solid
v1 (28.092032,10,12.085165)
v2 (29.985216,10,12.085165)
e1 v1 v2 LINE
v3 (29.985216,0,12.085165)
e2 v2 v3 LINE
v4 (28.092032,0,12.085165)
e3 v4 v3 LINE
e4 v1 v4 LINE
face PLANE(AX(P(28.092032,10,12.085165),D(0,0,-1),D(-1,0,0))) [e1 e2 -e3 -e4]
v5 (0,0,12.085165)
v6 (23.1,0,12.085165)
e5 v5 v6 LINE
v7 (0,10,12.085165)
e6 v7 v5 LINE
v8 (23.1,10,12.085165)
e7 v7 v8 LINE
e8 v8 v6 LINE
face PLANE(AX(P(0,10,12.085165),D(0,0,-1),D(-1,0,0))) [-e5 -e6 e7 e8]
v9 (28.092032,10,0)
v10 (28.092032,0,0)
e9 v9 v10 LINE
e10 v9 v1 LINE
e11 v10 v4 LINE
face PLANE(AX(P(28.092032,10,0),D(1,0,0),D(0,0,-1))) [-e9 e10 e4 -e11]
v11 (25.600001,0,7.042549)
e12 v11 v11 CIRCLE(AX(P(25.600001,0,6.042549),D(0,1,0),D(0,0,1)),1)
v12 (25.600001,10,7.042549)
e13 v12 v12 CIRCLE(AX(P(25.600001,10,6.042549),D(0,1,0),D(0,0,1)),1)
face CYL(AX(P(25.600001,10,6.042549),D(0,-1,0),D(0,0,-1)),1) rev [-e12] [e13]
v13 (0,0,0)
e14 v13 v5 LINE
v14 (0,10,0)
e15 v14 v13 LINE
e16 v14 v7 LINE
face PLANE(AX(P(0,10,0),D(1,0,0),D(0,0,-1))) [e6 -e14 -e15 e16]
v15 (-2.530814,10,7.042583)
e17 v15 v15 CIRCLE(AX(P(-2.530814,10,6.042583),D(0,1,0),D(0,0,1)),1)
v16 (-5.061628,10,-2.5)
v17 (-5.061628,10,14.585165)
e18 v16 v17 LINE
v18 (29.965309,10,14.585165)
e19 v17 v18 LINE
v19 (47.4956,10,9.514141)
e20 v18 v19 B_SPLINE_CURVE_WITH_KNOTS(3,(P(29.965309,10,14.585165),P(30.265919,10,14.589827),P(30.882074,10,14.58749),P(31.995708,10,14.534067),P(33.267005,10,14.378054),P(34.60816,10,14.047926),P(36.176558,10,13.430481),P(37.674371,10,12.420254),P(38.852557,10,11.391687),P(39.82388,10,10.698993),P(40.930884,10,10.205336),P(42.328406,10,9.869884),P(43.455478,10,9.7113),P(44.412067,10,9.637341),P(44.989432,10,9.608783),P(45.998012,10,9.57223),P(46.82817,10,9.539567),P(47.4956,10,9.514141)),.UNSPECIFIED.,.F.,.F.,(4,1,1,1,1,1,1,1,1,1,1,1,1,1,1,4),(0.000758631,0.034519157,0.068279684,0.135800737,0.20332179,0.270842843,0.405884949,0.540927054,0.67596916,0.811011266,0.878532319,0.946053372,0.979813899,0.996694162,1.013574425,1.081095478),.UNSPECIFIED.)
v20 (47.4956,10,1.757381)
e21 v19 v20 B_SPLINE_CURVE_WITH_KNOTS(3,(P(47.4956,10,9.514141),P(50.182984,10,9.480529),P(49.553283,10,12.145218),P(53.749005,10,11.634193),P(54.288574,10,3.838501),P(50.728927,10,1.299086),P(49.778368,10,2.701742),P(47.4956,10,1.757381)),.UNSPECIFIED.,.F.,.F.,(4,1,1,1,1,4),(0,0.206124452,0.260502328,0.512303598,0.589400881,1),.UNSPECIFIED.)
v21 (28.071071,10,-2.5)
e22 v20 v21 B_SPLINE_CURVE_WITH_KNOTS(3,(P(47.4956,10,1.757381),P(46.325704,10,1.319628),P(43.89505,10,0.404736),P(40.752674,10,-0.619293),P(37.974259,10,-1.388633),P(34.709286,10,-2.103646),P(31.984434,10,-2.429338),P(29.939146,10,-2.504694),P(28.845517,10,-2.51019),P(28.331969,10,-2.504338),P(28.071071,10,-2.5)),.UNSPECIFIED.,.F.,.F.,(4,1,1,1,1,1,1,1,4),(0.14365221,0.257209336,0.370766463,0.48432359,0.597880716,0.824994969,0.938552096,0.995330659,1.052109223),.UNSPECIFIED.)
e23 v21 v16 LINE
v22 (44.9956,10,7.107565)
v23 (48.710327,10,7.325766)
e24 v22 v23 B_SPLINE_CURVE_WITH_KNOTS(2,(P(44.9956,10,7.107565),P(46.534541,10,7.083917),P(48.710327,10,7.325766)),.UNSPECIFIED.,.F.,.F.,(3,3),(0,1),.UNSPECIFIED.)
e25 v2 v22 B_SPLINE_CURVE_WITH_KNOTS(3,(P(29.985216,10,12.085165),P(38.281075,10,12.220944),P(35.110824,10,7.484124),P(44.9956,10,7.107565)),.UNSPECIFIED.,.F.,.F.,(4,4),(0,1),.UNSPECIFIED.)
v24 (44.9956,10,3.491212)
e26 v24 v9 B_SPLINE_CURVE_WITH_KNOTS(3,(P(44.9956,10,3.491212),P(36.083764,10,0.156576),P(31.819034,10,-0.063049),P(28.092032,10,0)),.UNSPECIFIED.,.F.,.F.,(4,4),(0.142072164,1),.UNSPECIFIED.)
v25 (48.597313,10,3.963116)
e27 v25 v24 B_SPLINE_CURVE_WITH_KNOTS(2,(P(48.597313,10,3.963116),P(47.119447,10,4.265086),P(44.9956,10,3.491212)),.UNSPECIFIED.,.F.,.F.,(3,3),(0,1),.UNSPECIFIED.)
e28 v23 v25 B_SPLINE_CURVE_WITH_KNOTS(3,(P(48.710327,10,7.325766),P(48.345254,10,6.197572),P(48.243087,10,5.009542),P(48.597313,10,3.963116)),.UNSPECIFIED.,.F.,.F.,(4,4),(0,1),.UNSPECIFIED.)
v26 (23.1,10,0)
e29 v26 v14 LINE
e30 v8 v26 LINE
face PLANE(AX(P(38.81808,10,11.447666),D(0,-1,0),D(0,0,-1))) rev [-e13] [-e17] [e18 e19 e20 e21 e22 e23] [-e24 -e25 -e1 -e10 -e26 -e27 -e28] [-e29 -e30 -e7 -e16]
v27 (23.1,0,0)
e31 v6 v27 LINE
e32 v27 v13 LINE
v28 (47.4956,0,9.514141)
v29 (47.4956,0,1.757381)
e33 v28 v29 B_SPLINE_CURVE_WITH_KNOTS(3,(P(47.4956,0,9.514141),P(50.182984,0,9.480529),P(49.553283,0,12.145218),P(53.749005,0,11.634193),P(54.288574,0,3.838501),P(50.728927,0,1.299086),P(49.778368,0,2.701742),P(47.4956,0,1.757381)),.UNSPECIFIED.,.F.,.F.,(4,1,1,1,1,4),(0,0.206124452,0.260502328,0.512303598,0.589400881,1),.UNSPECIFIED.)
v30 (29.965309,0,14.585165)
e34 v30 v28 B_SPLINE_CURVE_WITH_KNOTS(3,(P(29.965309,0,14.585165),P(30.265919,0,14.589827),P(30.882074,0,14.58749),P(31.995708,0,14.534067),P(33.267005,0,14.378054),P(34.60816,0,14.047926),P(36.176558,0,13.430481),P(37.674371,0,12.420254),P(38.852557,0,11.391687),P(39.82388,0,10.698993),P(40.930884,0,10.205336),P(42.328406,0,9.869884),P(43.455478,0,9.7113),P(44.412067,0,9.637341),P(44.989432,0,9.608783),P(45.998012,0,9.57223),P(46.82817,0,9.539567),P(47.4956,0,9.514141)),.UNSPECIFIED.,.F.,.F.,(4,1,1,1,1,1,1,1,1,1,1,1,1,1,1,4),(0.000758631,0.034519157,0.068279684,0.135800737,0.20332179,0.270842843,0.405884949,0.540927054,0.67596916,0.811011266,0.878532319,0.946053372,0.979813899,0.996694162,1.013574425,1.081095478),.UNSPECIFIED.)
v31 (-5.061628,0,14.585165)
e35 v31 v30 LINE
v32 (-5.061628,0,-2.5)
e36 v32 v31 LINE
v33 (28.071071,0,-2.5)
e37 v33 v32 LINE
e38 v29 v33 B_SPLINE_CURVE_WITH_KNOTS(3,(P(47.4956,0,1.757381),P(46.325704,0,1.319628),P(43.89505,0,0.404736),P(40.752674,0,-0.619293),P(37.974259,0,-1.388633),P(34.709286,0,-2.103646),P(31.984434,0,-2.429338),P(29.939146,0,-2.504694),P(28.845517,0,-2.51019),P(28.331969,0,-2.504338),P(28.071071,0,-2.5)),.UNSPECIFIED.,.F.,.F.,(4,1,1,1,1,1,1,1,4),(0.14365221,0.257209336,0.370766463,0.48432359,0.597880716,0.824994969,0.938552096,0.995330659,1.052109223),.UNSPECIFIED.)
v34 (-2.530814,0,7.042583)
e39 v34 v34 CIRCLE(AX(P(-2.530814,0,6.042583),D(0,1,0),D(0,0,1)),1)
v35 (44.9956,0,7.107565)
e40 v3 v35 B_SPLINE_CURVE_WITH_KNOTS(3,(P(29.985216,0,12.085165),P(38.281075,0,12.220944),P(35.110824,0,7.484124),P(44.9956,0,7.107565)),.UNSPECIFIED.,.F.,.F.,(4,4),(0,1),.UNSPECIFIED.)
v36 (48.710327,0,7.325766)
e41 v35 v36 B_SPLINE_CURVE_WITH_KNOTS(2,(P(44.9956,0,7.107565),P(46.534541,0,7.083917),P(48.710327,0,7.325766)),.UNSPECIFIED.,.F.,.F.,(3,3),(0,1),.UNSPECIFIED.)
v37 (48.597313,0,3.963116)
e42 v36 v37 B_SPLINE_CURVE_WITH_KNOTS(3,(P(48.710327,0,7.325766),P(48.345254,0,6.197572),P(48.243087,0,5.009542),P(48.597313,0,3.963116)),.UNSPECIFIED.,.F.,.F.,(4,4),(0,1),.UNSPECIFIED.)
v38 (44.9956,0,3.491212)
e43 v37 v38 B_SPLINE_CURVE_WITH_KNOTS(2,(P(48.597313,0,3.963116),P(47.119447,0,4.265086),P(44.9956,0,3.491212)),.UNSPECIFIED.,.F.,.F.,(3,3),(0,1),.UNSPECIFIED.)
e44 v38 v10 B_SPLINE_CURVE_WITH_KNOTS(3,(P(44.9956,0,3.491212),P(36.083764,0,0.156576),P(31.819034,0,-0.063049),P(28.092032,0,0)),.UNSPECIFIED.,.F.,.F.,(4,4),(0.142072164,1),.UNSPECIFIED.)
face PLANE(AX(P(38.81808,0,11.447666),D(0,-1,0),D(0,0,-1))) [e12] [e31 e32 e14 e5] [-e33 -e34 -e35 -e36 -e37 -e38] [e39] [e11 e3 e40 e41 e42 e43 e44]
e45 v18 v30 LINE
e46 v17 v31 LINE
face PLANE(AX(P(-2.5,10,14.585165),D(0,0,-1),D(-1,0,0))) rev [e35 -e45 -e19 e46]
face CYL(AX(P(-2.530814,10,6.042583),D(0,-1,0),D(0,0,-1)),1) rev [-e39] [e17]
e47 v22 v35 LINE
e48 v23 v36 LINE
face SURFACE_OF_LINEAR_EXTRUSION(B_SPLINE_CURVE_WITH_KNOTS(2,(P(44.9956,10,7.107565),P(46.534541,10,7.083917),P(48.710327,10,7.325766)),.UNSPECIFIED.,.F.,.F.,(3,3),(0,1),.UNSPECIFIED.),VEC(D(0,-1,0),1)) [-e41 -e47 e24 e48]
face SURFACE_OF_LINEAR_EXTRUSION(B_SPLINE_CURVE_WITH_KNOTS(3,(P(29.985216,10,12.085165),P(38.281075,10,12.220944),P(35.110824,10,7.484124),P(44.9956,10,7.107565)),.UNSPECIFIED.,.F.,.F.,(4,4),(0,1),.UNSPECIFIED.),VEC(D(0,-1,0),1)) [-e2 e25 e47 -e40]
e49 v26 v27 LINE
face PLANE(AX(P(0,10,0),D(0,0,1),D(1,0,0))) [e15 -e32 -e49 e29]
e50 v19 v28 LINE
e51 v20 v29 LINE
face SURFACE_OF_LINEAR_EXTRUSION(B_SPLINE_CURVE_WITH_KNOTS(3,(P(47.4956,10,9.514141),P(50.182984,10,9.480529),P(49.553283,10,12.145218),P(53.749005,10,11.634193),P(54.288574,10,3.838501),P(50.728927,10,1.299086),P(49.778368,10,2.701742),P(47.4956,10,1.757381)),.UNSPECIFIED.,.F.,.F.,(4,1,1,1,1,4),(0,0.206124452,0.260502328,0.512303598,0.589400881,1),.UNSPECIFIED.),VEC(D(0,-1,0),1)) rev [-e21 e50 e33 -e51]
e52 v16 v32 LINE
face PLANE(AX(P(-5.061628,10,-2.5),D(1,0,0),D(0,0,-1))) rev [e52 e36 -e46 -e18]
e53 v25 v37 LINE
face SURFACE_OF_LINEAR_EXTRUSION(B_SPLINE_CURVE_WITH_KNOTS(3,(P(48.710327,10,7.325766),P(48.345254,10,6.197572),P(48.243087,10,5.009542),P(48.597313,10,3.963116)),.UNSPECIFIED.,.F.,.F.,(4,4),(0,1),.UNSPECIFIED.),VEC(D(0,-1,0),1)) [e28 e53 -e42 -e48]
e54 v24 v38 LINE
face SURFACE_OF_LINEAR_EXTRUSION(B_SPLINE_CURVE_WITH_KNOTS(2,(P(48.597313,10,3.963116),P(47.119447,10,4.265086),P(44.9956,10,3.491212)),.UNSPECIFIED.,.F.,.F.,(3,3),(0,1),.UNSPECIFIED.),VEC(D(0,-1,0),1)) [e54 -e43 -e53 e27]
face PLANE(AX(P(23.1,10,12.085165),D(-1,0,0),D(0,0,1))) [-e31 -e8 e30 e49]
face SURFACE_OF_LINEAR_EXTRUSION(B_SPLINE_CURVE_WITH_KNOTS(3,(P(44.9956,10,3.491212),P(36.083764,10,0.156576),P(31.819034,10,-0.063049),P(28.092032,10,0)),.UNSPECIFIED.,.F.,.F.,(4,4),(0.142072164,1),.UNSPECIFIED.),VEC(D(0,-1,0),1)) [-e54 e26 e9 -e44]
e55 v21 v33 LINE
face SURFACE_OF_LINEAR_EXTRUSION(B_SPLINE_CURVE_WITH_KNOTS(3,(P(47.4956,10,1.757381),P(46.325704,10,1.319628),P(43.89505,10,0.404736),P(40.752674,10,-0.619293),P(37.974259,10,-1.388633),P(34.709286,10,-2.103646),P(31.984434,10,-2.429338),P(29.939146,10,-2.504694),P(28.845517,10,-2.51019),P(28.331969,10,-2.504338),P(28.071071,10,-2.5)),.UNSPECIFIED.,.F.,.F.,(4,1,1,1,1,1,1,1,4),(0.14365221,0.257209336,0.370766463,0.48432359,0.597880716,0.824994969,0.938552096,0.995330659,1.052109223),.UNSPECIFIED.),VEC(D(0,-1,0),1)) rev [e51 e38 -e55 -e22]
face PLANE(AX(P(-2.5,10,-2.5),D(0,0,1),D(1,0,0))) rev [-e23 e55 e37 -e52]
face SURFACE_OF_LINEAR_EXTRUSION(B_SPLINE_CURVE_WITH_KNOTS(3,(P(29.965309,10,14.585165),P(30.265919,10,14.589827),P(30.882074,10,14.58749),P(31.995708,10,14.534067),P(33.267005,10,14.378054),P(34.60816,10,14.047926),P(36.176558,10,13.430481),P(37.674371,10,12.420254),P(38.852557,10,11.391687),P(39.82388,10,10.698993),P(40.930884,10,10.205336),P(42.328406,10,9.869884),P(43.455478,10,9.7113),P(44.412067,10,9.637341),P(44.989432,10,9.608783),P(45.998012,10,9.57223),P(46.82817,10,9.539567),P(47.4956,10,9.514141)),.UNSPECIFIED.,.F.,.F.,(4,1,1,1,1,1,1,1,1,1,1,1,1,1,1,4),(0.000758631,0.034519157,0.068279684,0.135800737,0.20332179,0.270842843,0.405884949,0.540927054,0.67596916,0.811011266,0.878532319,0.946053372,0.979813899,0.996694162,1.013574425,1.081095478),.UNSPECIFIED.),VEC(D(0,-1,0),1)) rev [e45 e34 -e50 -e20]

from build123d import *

# Parameters (mm, degrees)
SKETCH_1_R            = 1
SKETCH_1_W            = 23.1
SKETCH_1_H            = 12.085165135
EXTRUDED_BASE_1_DEPTH = 10


with BuildPart() as part:
    # Sketch 1 → Extruded Base 1 (new body)
    with BuildSketch(Plane(origin=(0, 0, 0), x_dir=(1, 0, 0), z_dir=(0, 1, 0))):
        with BuildLine():
            Line((-2.5, 2.5), (28.071070534, 2.5))
            add(Edge.make_bspline(
                [(28.071070534, 2.5), (28.331969223, 2.504337706), (28.845516768, 2.51018953), (29.939145594, 2.504694278), (31.984433773, 2.429338039), (34.709286058, 2.103646301), (37.974258908, 1.388633447), (40.752673815, 0.619292769), (43.895049703, -0.404736284), (46.325704031, -1.319628266), (47.495600373, -1.757380693)],
                knots=[0.14365221, 0.14365221, 0.14365221, 0.14365221, 0.200430773, 0.257209336, 0.370766463, 0.597880716, 0.711437843, 0.824994969, 0.938552096, 1.052109223, 1.052109223, 1.052109223, 1.052109223], degree=3))
            add(Edge.make_bspline(
                [(47.495600373, -1.757380693), (49.778368159, -2.701741919), (50.728927455, -1.299086287), (54.288574053, -3.838501376), (53.749005389, -11.634192683), (49.553282958, -12.145217773), (50.182984305, -9.480528627), (47.495600373, -9.514141415)],
                knots=[0, 0, 0, 0, 0.410599119, 0.487696402, 0.739497672, 0.793875548, 1, 1, 1, 1], degree=3))
            add(Edge.make_bspline(
                [(47.495600373, -9.514141415), (46.828169892, -9.539567083), (45.998011965, -9.572230068), (44.989431931, -9.608782948), (44.412067214, -9.637341124), (43.455478476, -9.711299642), (42.328406271, -9.869883718), (40.930883577, -10.205336143), (39.823879664, -10.698992672), (38.852556569, -11.391687009), (37.674371462, -12.420253954), (36.176557674, -13.430480523), (34.608159651, -14.047926484), (33.267004893, -14.378054172), (31.995707757, -14.534066931), (30.882073519, -14.587489572), (30.265918727, -14.589827318), (29.965308829, -14.585165135)],
                knots=[0.000758631, 0.000758631, 0.000758631, 0.000758631, 0.068279684, 0.085159947, 0.10204021, 0.135800737, 0.20332179, 0.270842843, 0.405884949, 0.540927054, 0.67596916, 0.811011266, 0.878532319, 0.946053372, 1.013574425, 1.047334951, 1.081095478, 1.081095478, 1.081095478, 1.081095478], degree=3))
            Line((29.965308829, -14.585165135), (-2.5, -14.585165135))
            Line((-2.5, -14.585165135), (-5.061627791, -14.585165135))
            Line((-5.061627791, -14.585165135), (-5.061627791, 2.5))
            Line((-5.061627791, 2.5), (-2.5, 2.5))
        make_face()
        with Locations(Location((-2.530813895, -6.042582568, 0), (0, 0, 270))):
            Circle(SKETCH_1_R, mode=Mode.SUBTRACT)
        with Locations(Location((25.600001017, -6.042548927, 0), (0, 0, 270))):
            Circle(SKETCH_1_R, mode=Mode.SUBTRACT)
        with Locations((11.55, -6.042582568)):
            Rectangle(SKETCH_1_W, SKETCH_1_H, mode=Mode.SUBTRACT)
        with BuildLine():
            Line((28.092032276, -12.085165135), (29.985216163, -12.085165135))
            add(Edge.make_bspline(
                [(29.985216163, -12.085165135), (38.281074708, -12.220944361), (35.110824412, -7.484124297), (44.995600373, -7.107565188)],
                knots=[0, 0, 0, 0, 1, 1, 1, 1], degree=3))
            add(Edge.make_bspline(
                [(44.995600373, -7.107565188), (46.534540889, -7.083916605), (48.710327015, -7.325766452)],
                knots=[0, 0, 0, 1, 1, 1], degree=2))
            add(Edge.make_bspline(
                [(48.710327015, -7.325766452), (48.345253613, -6.197571714), (48.243086622, -5.009541806), (48.597312625, -3.963116498)],
                knots=[0, 0, 0, 0, 1, 1, 1, 1], degree=3))
            add(Edge.make_bspline(
                [(44.995600373, -3.491211899), (47.119447361, -4.265086008), (48.597312625, -3.963116498)],
                knots=[0, 0, 0, 1, 1, 1], degree=2))
            add(Edge.make_bspline(
                [(28.092032276, 0), (31.819034224, 0.063049174), (36.083764269, -0.156576391), (44.995600373, -3.491211899)],
                knots=[0.142072164, 0.142072164, 0.142072164, 0.142072164, 1, 1, 1, 1], degree=3))
            Line((28.092032276, 0), (28.092032276, -12.085165135))
        make_face(mode=Mode.SUBTRACT)
    extrude(amount=EXTRUDED_BASE_1_DEPTH)


solid = part.part
